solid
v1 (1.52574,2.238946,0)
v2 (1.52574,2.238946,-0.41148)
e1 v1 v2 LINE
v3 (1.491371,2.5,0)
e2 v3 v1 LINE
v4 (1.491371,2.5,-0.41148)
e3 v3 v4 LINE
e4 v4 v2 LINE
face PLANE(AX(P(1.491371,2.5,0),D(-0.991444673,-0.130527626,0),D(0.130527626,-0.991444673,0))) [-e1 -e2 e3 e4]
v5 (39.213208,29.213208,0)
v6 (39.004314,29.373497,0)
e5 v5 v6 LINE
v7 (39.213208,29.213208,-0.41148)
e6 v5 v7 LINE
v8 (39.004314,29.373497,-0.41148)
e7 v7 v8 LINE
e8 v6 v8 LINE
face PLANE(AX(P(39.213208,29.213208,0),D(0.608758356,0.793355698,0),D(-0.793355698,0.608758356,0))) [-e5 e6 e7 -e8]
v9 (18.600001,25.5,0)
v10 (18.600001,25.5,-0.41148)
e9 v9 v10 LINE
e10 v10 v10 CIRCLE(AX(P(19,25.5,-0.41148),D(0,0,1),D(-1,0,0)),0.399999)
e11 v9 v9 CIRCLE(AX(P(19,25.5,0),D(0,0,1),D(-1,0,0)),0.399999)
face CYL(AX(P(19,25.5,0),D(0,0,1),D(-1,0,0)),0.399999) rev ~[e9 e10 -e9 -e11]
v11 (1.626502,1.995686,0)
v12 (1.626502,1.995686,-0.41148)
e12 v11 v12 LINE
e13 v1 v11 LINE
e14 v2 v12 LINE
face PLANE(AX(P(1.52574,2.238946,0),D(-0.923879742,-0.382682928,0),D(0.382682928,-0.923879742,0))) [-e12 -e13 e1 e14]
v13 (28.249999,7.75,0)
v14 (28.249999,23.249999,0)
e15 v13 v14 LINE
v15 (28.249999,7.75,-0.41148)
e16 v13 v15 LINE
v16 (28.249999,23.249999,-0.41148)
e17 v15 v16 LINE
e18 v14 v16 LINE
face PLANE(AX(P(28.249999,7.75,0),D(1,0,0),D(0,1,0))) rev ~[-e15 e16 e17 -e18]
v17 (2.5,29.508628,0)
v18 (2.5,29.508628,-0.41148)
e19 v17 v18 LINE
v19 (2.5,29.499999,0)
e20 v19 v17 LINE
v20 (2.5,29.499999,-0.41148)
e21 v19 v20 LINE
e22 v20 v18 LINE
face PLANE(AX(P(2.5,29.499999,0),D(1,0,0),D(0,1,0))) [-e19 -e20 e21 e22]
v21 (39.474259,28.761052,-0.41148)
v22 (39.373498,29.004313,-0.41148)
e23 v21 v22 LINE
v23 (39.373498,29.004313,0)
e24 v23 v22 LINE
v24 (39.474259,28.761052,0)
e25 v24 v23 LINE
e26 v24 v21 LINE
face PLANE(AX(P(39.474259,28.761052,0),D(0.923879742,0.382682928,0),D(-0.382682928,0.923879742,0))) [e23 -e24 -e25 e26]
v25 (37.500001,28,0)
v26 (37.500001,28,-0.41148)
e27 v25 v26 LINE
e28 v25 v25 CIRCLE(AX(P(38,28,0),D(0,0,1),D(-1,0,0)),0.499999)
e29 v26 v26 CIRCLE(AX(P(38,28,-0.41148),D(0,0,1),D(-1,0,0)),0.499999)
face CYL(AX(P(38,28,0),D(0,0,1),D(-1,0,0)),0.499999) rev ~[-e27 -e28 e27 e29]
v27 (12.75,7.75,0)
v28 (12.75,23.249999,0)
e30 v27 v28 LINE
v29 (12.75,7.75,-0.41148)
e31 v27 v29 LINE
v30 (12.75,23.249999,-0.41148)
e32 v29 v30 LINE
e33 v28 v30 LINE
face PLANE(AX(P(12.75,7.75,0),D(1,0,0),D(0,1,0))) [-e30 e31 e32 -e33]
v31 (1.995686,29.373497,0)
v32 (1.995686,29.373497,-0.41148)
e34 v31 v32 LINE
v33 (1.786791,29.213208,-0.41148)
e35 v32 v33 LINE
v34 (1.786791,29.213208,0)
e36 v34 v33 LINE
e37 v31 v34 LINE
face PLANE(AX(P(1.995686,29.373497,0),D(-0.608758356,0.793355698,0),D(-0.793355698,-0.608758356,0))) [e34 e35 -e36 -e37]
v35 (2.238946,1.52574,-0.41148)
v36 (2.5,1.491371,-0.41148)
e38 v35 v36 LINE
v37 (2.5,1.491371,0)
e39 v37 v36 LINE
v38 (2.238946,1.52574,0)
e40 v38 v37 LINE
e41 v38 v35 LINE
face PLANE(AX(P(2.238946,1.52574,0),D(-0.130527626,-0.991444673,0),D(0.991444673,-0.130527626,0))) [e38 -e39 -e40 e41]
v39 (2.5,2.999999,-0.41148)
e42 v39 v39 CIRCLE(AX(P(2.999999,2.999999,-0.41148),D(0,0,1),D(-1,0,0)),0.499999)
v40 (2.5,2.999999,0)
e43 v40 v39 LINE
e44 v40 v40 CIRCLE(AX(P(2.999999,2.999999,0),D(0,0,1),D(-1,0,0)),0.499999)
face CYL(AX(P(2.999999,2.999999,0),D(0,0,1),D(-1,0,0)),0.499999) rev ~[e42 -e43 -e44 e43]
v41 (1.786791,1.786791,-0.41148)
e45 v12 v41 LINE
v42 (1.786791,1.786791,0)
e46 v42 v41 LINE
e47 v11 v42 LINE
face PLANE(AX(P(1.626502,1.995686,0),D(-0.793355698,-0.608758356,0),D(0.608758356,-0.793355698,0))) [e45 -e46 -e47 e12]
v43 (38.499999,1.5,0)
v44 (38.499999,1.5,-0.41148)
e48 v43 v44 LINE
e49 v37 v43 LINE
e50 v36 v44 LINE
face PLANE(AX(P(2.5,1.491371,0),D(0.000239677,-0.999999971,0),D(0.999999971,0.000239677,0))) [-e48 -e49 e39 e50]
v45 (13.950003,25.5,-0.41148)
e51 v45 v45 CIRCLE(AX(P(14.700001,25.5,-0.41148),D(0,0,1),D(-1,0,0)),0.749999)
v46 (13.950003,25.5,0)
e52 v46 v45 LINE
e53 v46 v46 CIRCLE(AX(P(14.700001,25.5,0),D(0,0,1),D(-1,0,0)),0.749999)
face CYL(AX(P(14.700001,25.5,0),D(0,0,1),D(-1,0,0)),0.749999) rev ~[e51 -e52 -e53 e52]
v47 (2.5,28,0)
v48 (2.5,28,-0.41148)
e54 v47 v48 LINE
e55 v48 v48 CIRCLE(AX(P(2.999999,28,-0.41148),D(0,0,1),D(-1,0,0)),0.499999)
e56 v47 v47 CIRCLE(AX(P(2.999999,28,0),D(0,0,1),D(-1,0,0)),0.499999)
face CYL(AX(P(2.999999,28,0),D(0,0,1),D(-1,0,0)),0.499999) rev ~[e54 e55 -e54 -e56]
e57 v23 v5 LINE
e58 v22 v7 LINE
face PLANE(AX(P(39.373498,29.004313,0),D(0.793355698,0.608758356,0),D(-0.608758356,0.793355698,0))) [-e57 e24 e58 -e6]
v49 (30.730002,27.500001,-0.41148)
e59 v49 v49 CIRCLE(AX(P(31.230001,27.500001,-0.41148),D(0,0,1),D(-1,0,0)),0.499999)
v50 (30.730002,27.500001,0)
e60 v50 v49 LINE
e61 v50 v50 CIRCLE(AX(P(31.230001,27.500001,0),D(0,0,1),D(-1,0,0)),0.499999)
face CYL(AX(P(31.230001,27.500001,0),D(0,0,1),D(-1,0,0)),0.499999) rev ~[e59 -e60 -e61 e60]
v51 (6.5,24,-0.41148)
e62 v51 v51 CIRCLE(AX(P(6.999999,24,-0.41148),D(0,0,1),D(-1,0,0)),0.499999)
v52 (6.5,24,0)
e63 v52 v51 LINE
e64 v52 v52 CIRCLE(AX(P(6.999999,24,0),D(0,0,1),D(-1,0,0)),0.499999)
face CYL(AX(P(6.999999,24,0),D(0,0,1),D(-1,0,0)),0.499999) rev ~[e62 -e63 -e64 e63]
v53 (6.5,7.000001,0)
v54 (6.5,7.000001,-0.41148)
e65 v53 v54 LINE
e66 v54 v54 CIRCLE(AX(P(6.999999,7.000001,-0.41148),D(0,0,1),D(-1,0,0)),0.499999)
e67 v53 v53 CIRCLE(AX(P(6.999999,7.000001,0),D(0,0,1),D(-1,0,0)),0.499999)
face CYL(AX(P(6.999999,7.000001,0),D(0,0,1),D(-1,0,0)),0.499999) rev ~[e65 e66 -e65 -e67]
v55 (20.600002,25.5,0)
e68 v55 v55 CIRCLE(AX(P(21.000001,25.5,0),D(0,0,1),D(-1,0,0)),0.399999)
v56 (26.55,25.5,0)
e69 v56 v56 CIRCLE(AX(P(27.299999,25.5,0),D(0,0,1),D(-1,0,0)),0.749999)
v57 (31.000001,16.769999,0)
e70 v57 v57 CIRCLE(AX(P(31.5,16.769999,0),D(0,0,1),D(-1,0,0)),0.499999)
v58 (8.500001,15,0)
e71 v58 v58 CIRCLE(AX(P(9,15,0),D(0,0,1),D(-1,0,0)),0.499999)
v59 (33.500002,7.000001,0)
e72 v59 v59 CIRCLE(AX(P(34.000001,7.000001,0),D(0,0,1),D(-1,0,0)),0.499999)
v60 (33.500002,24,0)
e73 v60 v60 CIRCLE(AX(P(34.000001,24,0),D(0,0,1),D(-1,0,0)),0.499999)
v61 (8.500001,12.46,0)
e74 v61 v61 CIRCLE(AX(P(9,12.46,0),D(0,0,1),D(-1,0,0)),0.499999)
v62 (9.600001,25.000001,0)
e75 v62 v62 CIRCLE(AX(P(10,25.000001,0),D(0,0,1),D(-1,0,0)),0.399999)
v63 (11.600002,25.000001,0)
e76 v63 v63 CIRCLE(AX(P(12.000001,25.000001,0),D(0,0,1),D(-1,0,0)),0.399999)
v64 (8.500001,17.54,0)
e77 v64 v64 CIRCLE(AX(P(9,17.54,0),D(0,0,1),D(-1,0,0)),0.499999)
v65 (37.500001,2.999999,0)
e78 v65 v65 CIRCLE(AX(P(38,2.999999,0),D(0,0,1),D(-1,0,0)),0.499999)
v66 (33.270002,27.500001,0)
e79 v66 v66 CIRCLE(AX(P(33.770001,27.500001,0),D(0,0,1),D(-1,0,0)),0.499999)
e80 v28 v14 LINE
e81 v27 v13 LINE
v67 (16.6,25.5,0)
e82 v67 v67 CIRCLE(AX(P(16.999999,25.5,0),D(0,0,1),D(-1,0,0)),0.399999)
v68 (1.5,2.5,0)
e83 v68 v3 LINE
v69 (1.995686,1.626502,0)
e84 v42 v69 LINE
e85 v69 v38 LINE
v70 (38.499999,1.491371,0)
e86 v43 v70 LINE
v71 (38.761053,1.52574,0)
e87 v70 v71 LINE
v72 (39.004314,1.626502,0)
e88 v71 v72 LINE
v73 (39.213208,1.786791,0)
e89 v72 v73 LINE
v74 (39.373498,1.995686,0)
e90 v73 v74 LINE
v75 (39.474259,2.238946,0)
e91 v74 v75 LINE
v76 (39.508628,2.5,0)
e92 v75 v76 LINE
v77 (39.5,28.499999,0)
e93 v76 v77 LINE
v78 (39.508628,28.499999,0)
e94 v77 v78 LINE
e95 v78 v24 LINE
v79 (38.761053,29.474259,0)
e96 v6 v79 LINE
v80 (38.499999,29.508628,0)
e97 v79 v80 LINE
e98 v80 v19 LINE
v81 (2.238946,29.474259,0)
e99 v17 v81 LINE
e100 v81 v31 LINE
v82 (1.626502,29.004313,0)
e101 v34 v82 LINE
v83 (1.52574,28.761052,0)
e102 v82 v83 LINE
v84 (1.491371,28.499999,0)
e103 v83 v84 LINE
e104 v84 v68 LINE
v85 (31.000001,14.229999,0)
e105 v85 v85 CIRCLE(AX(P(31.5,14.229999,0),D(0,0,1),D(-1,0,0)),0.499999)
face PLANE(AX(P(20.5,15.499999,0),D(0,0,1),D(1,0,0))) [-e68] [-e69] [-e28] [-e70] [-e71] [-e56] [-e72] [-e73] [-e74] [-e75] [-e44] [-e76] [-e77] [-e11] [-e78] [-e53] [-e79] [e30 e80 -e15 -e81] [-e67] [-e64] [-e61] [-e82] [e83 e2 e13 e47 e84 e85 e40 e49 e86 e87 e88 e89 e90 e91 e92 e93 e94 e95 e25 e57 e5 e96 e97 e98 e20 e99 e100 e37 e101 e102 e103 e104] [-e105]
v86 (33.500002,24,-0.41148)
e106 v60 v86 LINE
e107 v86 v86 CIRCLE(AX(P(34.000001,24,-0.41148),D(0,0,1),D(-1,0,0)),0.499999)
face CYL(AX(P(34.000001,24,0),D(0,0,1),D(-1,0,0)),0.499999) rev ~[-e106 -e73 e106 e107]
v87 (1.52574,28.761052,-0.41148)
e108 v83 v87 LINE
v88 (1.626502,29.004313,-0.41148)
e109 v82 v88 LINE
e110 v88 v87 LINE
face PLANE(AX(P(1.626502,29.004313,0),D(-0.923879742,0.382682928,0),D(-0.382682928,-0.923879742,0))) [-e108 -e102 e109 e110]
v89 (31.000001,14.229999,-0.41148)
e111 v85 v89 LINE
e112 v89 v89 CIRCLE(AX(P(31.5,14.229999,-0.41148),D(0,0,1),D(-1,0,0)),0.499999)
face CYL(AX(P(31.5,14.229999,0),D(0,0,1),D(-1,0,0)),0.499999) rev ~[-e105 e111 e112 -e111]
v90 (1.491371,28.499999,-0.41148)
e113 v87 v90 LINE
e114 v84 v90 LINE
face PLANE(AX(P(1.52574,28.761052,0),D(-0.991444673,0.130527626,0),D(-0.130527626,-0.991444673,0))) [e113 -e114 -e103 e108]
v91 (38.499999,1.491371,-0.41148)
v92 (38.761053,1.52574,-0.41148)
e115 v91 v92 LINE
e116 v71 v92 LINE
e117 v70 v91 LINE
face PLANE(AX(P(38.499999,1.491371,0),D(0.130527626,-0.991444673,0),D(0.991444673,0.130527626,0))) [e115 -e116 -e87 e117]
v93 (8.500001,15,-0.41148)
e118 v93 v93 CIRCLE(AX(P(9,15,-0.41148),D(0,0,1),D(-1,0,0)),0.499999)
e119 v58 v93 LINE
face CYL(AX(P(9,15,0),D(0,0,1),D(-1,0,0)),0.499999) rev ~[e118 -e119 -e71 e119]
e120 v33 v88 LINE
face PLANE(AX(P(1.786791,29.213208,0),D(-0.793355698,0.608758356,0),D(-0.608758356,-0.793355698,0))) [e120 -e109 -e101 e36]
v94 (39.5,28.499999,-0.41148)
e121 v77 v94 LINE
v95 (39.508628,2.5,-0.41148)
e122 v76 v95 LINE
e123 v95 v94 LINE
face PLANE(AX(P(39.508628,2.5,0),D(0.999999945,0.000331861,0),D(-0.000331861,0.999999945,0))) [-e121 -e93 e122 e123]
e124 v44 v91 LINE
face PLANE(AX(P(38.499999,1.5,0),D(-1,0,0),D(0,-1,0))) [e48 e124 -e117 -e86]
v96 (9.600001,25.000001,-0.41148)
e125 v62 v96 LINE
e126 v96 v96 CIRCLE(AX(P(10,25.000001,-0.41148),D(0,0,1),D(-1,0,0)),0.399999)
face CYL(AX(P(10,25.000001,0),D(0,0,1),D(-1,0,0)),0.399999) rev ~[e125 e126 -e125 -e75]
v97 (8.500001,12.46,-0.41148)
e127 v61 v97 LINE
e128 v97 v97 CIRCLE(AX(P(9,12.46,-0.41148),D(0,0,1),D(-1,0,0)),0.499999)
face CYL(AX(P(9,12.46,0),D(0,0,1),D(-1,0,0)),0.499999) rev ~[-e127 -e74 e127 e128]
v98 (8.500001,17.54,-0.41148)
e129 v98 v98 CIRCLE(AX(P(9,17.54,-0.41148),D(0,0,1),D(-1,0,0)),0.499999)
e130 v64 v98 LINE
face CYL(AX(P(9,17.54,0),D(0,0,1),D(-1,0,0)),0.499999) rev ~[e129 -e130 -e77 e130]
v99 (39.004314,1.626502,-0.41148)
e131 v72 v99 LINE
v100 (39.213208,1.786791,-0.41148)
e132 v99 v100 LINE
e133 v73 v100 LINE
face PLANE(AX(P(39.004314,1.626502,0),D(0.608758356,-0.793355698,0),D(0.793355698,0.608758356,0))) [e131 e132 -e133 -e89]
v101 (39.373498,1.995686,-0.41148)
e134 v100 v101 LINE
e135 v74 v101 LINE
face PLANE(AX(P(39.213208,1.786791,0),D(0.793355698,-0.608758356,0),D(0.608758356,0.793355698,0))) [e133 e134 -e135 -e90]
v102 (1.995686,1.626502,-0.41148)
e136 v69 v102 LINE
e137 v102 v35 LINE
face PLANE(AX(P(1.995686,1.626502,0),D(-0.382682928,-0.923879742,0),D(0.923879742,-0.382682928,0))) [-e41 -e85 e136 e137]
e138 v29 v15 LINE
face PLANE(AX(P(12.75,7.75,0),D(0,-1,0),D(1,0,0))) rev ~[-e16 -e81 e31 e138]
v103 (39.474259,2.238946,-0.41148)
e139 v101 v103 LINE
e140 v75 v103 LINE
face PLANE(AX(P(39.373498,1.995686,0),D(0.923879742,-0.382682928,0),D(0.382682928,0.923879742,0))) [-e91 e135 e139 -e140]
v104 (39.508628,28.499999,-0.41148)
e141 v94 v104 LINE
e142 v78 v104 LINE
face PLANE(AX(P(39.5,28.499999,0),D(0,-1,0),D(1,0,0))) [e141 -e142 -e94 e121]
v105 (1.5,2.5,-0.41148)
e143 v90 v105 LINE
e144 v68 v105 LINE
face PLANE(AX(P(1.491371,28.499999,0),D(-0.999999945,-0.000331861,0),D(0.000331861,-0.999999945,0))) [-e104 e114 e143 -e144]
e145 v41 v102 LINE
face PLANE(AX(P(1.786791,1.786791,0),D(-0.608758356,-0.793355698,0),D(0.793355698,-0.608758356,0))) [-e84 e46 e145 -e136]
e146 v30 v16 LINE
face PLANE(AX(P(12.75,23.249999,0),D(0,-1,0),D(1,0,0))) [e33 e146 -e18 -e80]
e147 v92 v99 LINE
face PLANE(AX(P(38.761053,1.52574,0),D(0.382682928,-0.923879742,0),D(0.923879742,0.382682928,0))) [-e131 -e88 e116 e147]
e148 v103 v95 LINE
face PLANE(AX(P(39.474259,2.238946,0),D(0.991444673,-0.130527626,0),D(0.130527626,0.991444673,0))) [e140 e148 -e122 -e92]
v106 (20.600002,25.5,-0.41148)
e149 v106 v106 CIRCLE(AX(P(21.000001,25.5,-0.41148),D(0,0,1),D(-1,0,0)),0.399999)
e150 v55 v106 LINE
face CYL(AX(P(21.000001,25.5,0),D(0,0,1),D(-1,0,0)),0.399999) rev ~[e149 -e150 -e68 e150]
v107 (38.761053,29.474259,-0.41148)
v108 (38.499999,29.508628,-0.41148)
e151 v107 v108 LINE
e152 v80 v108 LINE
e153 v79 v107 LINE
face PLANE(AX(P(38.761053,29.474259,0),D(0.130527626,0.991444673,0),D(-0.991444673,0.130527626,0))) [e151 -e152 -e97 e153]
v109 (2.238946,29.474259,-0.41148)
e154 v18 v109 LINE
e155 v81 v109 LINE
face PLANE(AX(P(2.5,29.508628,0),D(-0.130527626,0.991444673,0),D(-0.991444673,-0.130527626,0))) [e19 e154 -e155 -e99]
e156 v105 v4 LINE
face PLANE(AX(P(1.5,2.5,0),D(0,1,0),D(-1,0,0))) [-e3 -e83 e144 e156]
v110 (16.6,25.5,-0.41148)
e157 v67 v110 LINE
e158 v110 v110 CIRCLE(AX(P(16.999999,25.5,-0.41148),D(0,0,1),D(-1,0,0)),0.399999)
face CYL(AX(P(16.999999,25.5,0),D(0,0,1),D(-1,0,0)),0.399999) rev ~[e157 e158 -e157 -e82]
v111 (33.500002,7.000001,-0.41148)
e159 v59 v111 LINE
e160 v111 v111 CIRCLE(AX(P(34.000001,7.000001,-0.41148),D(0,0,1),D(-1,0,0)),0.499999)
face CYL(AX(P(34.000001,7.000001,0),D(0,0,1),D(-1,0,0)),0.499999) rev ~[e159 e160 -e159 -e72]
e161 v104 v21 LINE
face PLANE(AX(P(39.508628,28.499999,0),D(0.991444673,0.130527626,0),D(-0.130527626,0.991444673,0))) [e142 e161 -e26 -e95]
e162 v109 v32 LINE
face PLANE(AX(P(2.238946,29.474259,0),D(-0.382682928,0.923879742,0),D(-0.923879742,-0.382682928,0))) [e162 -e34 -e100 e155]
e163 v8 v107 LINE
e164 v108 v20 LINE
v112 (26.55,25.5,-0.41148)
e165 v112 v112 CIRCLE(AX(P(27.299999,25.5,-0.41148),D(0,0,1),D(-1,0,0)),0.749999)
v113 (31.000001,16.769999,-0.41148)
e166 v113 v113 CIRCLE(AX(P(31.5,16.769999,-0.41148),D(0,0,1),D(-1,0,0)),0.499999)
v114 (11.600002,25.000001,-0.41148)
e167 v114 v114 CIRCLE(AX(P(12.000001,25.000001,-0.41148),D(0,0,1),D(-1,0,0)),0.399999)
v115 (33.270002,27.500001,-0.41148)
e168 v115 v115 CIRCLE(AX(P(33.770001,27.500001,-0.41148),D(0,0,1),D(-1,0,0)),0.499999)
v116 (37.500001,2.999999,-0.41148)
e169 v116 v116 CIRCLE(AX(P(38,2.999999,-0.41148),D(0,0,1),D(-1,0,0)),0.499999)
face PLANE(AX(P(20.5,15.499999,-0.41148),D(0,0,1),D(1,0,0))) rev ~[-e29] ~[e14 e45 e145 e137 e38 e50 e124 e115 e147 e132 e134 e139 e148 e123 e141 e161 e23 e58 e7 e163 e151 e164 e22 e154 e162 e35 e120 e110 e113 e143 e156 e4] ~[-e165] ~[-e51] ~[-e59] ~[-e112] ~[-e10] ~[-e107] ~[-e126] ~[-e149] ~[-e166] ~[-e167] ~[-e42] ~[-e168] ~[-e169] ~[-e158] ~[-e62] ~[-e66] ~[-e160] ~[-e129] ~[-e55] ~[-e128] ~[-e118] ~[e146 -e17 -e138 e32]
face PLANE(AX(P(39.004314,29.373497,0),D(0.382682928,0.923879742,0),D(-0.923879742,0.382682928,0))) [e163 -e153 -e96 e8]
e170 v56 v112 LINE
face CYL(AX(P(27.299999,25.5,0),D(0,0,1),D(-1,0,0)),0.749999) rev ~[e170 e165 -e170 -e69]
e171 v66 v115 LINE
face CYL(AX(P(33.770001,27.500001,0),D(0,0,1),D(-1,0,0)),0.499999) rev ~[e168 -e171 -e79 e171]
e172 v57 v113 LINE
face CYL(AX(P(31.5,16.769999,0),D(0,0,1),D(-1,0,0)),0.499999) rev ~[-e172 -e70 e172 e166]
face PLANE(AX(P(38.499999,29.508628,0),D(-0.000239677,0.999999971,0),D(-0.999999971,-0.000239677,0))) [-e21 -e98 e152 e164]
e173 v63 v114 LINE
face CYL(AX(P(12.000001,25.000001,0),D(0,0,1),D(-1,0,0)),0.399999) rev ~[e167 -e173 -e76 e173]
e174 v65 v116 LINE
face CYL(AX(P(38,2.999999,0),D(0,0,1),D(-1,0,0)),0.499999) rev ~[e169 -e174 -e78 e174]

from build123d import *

# Parameters (mm, degrees)
SKETCH_1_R      = 0.499999
SKETCH_1_R_2    = 0.3999992
SKETCH_1_R_3    = 0.7499985
SKETCH_1_W      = 15.49999948
SKETCH_1_H      = 15.49999948
EXTRUDE_1_DEPTH = 0.41148


with BuildPart() as part:
    # 草图1 → 凸台-拉伸1 (new body)
    with BuildSketch(Plane.XY):
        Polygon((1.5257399, 2.2389465), (1.6265017, 1.99568562), (1.78679094, 1.78679094), (1.99568562, 1.6265017), (2.2389465, 1.5257399), (2.50000008, 1.49137116), (38.4999992, 1.49999954), (38.4999992, 1.49137116), (38.76105278, 1.5257399), (39.00431366, 1.6265017), (39.21320834, 1.78679094), (39.37349758, 1.99568562), (39.47425938, 2.2389465), (39.50862812, 2.50000008), (39.49999974, 28.49999888), (39.50862812, 28.49999888), (39.47425938, 28.76105246), (39.37349758, 29.00431334), (39.21320834, 29.21320802), (39.00431366, 29.37349726), (38.76105278, 29.47425906), (38.4999992, 29.5086278), (2.50000008, 29.49999942), (2.50000008, 29.5086278), (2.2389465, 29.47425906), (1.99568562, 29.37349726), (1.78679094, 29.21320802), (1.6265017, 29.00431334), (1.5257399, 28.76105246), (1.49137116, 28.49999888), (1.49999954, 2.50000008), (1.49137116, 2.50000008), align=None)
        with Locations(Location((38.0000002, 27.99999988, 0), (0, 0, 180))):
            Circle(SKETCH_1_R, mode=Mode.SUBTRACT)
        with Locations(Location((33.77000104, 27.50000088, 0), (0, 0, 180))):
            Circle(SKETCH_1_R, mode=Mode.SUBTRACT)
        with Locations(Location((31.23000104, 27.50000088, 0), (0, 0, 180))):
            Circle(SKETCH_1_R, mode=Mode.SUBTRACT)
        with Locations(Location((19.0000001, 25.4999998, 0), (0, 0, 180))):
            Circle(SKETCH_1_R_2, mode=Mode.SUBTRACT)
        with Locations(Location((16.99999902, 25.4999998, 0), (0, 0, 180))):
            Circle(SKETCH_1_R_2, mode=Mode.SUBTRACT)
        with Locations(Location((21.00000118, 25.4999998, 0), (0, 0, 180))):
            Circle(SKETCH_1_R_2, mode=Mode.SUBTRACT)
        with Locations(Location((34.00000058, 7.00000124, 0), (0, 0, 180))):
            Circle(SKETCH_1_R, mode=Mode.SUBTRACT)
        with Locations(Location((34.00000058, 24.00000026, 0), (0, 0, 180))):
            Circle(SKETCH_1_R, mode=Mode.SUBTRACT)
        with Locations(Location((38.0000002, 2.99999908, 0), (0, 0, 180))):
            Circle(SKETCH_1_R, mode=Mode.SUBTRACT)
        with Locations(Location((31.5000005, 16.76999948, 0), (0, 0, 180))):
            Circle(SKETCH_1_R, mode=Mode.SUBTRACT)
        with Locations(Location((27.29999874, 25.4999998, 0), (0, 0, 180))):
            Circle(SKETCH_1_R_3, mode=Mode.SUBTRACT)
        with Locations(Location((31.5000005, 14.22999948, 0), (0, 0, 180))):
            Circle(SKETCH_1_R, mode=Mode.SUBTRACT)
        with Locations(Location((14.70000108, 25.4999998, 0), (0, 0, 180))):
            Circle(SKETCH_1_R_3, mode=Mode.SUBTRACT)
        with Locations(Location((12.0000014, 25.0000008, 0), (0, 0, 180))):
            Circle(SKETCH_1_R_2, mode=Mode.SUBTRACT)
        with Locations(Location((10.00000032, 25.0000008, 0), (0, 0, 180))):
            Circle(SKETCH_1_R_2, mode=Mode.SUBTRACT)
        with Locations(Location((6.9999987, 24.00000026, 0), (0, 0, 180))):
            Circle(SKETCH_1_R, mode=Mode.SUBTRACT)
        with Locations(Location((2.99999908, 27.99999988, 0), (0, 0, 180))):
            Circle(SKETCH_1_R, mode=Mode.SUBTRACT)
        with Locations(Location((8.99999978, 17.54000048, 0), (0, 0, 180))):
            Circle(SKETCH_1_R, mode=Mode.SUBTRACT)
        with Locations(Location((8.99999978, 15.00000048, 0), (0, 0, 180))):
            Circle(SKETCH_1_R, mode=Mode.SUBTRACT)
        with Locations(Location((8.99999978, 12.46000048, 0), (0, 0, 180))):
            Circle(SKETCH_1_R, mode=Mode.SUBTRACT)
        with Locations(Location((6.9999987, 7.00000124, 0), (0, 0, 180))):
            Circle(SKETCH_1_R, mode=Mode.SUBTRACT)
        with Locations(Location((2.99999908, 2.99999908, 0), (0, 0, 180))):
            Circle(SKETCH_1_R, mode=Mode.SUBTRACT)
        with Locations((20.49999964, 15.49999948)):
            Rectangle(SKETCH_1_W, SKETCH_1_H, mode=Mode.SUBTRACT)
    extrude(amount=-EXTRUDE_1_DEPTH)


solid = part.part
